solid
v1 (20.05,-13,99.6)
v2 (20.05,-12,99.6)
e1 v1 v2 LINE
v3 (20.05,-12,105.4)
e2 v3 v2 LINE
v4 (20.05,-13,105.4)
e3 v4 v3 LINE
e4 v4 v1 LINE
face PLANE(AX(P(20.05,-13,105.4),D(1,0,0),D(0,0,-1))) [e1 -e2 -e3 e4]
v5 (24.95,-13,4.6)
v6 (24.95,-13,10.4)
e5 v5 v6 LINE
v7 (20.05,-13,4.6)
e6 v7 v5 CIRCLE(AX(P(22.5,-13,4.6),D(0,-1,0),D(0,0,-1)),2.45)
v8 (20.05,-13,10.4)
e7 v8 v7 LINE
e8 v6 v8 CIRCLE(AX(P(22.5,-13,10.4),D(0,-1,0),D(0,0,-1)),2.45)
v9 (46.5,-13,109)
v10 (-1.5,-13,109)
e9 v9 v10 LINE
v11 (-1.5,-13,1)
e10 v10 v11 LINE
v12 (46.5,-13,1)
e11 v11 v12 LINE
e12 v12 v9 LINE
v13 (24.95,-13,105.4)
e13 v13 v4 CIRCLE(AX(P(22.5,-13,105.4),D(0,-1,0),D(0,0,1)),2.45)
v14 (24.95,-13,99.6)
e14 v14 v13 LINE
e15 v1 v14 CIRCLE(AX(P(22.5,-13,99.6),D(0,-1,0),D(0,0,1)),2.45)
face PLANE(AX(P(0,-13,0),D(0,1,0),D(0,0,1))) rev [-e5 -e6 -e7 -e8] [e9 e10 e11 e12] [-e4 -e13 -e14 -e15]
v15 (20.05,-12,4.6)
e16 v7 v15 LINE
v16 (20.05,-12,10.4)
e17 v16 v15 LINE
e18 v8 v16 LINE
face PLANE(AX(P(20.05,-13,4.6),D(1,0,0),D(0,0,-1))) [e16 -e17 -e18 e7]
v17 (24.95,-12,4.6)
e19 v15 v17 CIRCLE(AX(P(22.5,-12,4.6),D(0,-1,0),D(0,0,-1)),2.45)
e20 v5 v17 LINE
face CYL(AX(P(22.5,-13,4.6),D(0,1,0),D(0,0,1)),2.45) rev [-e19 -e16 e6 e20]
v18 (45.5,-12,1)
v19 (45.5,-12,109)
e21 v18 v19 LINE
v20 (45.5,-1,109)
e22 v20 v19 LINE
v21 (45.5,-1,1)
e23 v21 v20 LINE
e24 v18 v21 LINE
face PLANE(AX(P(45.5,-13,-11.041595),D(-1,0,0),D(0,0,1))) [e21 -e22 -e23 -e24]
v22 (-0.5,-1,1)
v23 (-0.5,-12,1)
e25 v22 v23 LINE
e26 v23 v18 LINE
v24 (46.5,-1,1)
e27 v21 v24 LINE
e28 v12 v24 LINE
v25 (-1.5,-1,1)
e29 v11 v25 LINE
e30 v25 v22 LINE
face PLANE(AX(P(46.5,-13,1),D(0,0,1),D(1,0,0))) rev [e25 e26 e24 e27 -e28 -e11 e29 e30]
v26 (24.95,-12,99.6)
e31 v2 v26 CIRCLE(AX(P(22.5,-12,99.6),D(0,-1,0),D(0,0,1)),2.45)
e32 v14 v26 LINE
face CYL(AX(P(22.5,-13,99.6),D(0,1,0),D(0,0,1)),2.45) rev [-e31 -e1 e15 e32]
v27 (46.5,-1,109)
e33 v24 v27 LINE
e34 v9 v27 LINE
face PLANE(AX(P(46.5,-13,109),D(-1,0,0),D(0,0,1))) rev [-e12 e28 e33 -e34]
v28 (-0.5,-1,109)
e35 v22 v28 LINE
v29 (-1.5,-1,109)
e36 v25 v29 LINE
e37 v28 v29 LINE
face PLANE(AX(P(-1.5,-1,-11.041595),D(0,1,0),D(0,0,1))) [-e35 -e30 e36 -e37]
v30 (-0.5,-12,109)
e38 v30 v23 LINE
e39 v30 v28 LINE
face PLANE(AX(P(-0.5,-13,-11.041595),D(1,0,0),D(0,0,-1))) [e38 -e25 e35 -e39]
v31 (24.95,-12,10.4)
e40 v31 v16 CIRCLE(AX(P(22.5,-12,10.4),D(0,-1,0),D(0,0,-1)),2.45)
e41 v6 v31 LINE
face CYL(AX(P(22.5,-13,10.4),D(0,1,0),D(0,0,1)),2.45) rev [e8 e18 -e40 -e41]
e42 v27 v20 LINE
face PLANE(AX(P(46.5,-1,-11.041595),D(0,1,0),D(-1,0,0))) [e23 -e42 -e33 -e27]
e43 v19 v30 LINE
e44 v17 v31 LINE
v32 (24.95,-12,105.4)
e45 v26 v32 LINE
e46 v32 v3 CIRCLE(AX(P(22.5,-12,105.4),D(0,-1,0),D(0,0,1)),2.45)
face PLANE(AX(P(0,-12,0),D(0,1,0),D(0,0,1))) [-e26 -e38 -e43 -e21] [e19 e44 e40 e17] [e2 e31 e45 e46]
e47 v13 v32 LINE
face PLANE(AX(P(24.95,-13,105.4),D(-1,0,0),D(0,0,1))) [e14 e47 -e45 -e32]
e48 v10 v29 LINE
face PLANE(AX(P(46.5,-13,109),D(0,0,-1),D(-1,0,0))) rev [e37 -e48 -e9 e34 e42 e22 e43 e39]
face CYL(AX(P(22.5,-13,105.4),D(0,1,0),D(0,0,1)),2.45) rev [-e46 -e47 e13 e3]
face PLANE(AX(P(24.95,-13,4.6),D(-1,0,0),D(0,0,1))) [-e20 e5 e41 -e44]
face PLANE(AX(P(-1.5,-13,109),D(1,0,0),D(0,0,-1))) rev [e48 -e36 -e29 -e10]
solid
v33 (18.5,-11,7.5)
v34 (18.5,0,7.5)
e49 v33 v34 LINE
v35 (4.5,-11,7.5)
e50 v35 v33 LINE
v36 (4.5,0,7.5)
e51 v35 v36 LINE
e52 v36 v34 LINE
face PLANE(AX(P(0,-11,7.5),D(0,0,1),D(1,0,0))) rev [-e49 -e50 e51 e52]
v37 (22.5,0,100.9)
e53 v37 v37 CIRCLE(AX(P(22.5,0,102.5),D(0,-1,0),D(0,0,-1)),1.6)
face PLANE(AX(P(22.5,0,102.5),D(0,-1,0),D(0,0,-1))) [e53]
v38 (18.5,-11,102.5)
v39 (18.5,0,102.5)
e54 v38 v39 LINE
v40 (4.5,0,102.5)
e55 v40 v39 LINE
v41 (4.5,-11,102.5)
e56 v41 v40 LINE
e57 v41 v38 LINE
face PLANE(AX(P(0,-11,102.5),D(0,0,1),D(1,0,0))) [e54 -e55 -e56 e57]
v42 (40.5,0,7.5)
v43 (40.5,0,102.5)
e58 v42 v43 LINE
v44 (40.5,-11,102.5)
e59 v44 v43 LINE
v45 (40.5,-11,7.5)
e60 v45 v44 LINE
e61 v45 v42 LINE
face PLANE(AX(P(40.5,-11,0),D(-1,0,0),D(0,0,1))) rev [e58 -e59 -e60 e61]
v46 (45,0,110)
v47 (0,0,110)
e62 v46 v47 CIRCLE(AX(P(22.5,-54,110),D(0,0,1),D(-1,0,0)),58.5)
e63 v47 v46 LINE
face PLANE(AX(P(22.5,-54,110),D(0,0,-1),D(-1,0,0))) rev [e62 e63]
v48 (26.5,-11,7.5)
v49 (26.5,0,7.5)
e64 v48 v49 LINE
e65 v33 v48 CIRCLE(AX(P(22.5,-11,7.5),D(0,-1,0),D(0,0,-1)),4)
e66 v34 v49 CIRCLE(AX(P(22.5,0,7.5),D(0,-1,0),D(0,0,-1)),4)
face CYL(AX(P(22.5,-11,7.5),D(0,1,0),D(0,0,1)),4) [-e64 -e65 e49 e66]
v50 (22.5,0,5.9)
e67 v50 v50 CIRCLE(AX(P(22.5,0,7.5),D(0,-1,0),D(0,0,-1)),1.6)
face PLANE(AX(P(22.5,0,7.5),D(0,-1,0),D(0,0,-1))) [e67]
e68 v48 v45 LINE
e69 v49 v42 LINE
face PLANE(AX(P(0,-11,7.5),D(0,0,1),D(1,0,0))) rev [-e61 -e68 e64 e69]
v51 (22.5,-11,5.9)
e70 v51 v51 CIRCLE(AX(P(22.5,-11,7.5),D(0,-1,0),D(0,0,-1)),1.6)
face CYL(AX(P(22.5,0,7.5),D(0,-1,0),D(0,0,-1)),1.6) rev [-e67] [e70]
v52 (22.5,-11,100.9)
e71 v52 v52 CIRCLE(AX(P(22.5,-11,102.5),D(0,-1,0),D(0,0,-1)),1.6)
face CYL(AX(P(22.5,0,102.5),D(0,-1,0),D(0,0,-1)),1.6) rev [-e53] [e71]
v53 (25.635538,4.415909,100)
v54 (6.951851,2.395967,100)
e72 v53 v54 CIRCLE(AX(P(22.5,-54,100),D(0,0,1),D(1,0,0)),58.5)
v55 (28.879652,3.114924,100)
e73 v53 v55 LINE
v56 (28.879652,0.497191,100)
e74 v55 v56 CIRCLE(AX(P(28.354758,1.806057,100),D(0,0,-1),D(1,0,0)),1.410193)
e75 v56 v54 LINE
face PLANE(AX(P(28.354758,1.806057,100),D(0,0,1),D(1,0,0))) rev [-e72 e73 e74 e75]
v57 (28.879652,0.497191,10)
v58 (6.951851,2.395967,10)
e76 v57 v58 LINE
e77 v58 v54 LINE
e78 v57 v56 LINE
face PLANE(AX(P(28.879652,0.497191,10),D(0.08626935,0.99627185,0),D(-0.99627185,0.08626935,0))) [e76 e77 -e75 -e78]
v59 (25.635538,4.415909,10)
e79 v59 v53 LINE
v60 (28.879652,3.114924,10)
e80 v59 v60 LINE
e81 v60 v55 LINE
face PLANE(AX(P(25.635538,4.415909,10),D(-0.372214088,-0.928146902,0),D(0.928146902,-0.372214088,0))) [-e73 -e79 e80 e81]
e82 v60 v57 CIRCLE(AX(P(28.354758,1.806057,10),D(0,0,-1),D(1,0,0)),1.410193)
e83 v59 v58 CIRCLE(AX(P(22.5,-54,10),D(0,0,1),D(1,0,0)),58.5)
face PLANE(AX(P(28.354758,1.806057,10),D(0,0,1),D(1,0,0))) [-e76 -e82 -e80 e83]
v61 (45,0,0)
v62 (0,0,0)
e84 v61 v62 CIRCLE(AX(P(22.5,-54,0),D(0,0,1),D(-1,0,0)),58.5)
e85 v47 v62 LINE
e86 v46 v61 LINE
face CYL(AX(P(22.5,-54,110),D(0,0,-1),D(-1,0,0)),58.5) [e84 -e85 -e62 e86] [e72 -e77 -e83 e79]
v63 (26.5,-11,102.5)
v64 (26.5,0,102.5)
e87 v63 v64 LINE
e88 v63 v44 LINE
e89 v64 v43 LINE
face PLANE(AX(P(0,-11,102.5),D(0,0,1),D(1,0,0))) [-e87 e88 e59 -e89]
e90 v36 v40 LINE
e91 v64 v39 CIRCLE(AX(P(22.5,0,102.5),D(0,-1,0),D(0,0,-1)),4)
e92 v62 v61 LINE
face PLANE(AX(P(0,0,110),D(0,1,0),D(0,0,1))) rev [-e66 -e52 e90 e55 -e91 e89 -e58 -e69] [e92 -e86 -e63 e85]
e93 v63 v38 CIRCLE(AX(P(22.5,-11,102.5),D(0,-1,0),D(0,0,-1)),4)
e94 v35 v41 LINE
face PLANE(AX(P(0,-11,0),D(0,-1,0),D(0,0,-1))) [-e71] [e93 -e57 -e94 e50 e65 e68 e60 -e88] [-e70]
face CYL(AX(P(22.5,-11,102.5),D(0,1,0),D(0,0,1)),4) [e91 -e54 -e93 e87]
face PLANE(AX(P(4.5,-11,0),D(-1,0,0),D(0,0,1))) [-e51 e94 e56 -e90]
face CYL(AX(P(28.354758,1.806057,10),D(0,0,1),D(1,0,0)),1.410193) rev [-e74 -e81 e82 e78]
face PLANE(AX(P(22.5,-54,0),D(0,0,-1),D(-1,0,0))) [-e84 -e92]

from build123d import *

# Parameters (mm, degrees)
EXTRUDE_1_DEPTH          = 110
SKETCH_2_W               = 14
SKETCH_2_H               = 95
SKETCH_2_W_2             = 8
EXTRUDE_2_DEPTH          = 11
SKETCH_3_R               = 1.6
CUT_EXTRUDE_1_DEPTH      = 11
SKETCH_4_W               = 48
SKETCH_4_H               = 108
EXTRUDE_3_DEPTH          = 1
SKETCH_5_W               = 1
SKETCH_5_H               = 12
EXTRUDE_4_DEPTH          = 108
CUT_EXTRUDE_2_DEPTH      = 45
CUT_EXTRUDE_2_DEPTH_BACK = 45


with BuildPart() as part:
    # 草图1 → 凸台-拉伸1 (new body)
    with BuildSketch(Plane.XY):
        with BuildLine():
            Line((0, 0), (45, 0))
            ThreePointArc((45, 0), (22.5, 4.5), (0, 0))
        make_face()
    extrude(amount=EXTRUDE_1_DEPTH)

    # 草图2 → 凸台-拉伸2 (add)
    with BuildSketch(Plane(origin=(0, 0, 0), x_dir=(-1, 0, 0), z_dir=(0, -1, 0))):
        with Locations((-11.5, -55)):
            Rectangle(SKETCH_2_W, SKETCH_2_H)
        with Locations((-22.5, -55)):
            Rectangle(SKETCH_2_W_2, SKETCH_2_H)
        with BuildLine():
            ThreePointArc((-26.5, -102.5), (-22.5, -106.5), (-18.5, -102.5))
            Line((-18.5, -102.5), (-26.5, -102.5))
        make_face()
        with Locations((-33.5, -55)):
            Rectangle(SKETCH_2_W, SKETCH_2_H)
        with BuildLine():
            Line((-26.5, -7.5), (-18.5, -7.5))
            ThreePointArc((-18.5, -7.5), (-22.5, -3.5), (-26.5, -7.5))
        make_face()
    extrude(amount=EXTRUDE_2_DEPTH)

    # 草图3 → 切除-拉伸1 (cut)
    with BuildSketch(Plane.XZ.offset(11)):
        with Locations(Location((22.5, 102.5, 0), (0, 0, 270))):
            Circle(SKETCH_3_R)
        with Locations(Location((22.5, 7.5, 0), (0, 0, 270))):
            Circle(SKETCH_3_R)
    extrude(amount=-CUT_EXTRUDE_1_DEPTH, mode=Mode.SUBTRACT)

    # 草图6 → 切除-拉伸2 (cut, two sides: drawn at the far end of the back side and taken through both)
    with BuildSketch(Plane(origin=(0, 0, 55), x_dir=(-1, 0, 0), z_dir=(0, 0, -1)).offset(-CUT_EXTRUDE_2_DEPTH_BACK)):
        with BuildLine():
            Line((-25.6355376, 4.415908826), (-28.879652294, 3.114923831))
            ThreePointArc((-28.879652294, 3.114923831), (-29.764951758, 1.806057322), (-28.879652294, 0.497190812))
            Line((-28.879652294, 0.497190812), (-5.388413498, 2.531348361))
            Line((-5.388413498, 2.531348361), (-21.708969166, 7.754187451))
            Line((-21.708969166, 7.754187451), (-25.6355376, 4.415908826))
        make_face()
    extrude(amount=CUT_EXTRUDE_2_DEPTH + CUT_EXTRUDE_2_DEPTH_BACK, mode=Mode.SUBTRACT)


with BuildPart() as body_2:
    # 草图4 → 凸台-拉伸3 (new body)
    with BuildSketch(Plane(origin=(0, -12, 0), x_dir=(-1, 0, 0), z_dir=(0, -1, 0))):
        with Locations((-22.5, -55)):
            Rectangle(SKETCH_4_W, SKETCH_4_H)
        with BuildLine():
            Line((-20.05, -4.6), (-20.05, -10.4))
            ThreePointArc((-20.05, -10.4), (-22.5, -12.85), (-24.95, -10.4))
            Line((-24.95, -10.4), (-24.95, -4.6))
            ThreePointArc((-24.95, -4.6), (-22.5, -2.15), (-20.05, -4.6))
        make_face(mode=Mode.SUBTRACT)
        with BuildLine():
            Line((-20.05, -105.4), (-20.05, -99.6))
            ThreePointArc((-20.05, -99.6), (-22.5, -97.15), (-24.95, -99.6))
            Line((-24.95, -99.6), (-24.95, -105.4))
            ThreePointArc((-24.95, -105.4), (-22.5, -107.85), (-20.05, -105.4))
        make_face(mode=Mode.SUBTRACT)
    extrude(amount=EXTRUDE_3_DEPTH)

    # 草图5 → 凸台-拉伸4 (add)
    with BuildSketch(Plane.XY.offset(109)):
        with Locations((-1, -7)):
            Rectangle(SKETCH_5_W, SKETCH_5_H)
        with Locations((46, -7)):
            Rectangle(SKETCH_5_W, SKETCH_5_H)
    extrude(amount=-EXTRUDE_4_DEPTH)


solid = Compound([part.part, body_2.part])
